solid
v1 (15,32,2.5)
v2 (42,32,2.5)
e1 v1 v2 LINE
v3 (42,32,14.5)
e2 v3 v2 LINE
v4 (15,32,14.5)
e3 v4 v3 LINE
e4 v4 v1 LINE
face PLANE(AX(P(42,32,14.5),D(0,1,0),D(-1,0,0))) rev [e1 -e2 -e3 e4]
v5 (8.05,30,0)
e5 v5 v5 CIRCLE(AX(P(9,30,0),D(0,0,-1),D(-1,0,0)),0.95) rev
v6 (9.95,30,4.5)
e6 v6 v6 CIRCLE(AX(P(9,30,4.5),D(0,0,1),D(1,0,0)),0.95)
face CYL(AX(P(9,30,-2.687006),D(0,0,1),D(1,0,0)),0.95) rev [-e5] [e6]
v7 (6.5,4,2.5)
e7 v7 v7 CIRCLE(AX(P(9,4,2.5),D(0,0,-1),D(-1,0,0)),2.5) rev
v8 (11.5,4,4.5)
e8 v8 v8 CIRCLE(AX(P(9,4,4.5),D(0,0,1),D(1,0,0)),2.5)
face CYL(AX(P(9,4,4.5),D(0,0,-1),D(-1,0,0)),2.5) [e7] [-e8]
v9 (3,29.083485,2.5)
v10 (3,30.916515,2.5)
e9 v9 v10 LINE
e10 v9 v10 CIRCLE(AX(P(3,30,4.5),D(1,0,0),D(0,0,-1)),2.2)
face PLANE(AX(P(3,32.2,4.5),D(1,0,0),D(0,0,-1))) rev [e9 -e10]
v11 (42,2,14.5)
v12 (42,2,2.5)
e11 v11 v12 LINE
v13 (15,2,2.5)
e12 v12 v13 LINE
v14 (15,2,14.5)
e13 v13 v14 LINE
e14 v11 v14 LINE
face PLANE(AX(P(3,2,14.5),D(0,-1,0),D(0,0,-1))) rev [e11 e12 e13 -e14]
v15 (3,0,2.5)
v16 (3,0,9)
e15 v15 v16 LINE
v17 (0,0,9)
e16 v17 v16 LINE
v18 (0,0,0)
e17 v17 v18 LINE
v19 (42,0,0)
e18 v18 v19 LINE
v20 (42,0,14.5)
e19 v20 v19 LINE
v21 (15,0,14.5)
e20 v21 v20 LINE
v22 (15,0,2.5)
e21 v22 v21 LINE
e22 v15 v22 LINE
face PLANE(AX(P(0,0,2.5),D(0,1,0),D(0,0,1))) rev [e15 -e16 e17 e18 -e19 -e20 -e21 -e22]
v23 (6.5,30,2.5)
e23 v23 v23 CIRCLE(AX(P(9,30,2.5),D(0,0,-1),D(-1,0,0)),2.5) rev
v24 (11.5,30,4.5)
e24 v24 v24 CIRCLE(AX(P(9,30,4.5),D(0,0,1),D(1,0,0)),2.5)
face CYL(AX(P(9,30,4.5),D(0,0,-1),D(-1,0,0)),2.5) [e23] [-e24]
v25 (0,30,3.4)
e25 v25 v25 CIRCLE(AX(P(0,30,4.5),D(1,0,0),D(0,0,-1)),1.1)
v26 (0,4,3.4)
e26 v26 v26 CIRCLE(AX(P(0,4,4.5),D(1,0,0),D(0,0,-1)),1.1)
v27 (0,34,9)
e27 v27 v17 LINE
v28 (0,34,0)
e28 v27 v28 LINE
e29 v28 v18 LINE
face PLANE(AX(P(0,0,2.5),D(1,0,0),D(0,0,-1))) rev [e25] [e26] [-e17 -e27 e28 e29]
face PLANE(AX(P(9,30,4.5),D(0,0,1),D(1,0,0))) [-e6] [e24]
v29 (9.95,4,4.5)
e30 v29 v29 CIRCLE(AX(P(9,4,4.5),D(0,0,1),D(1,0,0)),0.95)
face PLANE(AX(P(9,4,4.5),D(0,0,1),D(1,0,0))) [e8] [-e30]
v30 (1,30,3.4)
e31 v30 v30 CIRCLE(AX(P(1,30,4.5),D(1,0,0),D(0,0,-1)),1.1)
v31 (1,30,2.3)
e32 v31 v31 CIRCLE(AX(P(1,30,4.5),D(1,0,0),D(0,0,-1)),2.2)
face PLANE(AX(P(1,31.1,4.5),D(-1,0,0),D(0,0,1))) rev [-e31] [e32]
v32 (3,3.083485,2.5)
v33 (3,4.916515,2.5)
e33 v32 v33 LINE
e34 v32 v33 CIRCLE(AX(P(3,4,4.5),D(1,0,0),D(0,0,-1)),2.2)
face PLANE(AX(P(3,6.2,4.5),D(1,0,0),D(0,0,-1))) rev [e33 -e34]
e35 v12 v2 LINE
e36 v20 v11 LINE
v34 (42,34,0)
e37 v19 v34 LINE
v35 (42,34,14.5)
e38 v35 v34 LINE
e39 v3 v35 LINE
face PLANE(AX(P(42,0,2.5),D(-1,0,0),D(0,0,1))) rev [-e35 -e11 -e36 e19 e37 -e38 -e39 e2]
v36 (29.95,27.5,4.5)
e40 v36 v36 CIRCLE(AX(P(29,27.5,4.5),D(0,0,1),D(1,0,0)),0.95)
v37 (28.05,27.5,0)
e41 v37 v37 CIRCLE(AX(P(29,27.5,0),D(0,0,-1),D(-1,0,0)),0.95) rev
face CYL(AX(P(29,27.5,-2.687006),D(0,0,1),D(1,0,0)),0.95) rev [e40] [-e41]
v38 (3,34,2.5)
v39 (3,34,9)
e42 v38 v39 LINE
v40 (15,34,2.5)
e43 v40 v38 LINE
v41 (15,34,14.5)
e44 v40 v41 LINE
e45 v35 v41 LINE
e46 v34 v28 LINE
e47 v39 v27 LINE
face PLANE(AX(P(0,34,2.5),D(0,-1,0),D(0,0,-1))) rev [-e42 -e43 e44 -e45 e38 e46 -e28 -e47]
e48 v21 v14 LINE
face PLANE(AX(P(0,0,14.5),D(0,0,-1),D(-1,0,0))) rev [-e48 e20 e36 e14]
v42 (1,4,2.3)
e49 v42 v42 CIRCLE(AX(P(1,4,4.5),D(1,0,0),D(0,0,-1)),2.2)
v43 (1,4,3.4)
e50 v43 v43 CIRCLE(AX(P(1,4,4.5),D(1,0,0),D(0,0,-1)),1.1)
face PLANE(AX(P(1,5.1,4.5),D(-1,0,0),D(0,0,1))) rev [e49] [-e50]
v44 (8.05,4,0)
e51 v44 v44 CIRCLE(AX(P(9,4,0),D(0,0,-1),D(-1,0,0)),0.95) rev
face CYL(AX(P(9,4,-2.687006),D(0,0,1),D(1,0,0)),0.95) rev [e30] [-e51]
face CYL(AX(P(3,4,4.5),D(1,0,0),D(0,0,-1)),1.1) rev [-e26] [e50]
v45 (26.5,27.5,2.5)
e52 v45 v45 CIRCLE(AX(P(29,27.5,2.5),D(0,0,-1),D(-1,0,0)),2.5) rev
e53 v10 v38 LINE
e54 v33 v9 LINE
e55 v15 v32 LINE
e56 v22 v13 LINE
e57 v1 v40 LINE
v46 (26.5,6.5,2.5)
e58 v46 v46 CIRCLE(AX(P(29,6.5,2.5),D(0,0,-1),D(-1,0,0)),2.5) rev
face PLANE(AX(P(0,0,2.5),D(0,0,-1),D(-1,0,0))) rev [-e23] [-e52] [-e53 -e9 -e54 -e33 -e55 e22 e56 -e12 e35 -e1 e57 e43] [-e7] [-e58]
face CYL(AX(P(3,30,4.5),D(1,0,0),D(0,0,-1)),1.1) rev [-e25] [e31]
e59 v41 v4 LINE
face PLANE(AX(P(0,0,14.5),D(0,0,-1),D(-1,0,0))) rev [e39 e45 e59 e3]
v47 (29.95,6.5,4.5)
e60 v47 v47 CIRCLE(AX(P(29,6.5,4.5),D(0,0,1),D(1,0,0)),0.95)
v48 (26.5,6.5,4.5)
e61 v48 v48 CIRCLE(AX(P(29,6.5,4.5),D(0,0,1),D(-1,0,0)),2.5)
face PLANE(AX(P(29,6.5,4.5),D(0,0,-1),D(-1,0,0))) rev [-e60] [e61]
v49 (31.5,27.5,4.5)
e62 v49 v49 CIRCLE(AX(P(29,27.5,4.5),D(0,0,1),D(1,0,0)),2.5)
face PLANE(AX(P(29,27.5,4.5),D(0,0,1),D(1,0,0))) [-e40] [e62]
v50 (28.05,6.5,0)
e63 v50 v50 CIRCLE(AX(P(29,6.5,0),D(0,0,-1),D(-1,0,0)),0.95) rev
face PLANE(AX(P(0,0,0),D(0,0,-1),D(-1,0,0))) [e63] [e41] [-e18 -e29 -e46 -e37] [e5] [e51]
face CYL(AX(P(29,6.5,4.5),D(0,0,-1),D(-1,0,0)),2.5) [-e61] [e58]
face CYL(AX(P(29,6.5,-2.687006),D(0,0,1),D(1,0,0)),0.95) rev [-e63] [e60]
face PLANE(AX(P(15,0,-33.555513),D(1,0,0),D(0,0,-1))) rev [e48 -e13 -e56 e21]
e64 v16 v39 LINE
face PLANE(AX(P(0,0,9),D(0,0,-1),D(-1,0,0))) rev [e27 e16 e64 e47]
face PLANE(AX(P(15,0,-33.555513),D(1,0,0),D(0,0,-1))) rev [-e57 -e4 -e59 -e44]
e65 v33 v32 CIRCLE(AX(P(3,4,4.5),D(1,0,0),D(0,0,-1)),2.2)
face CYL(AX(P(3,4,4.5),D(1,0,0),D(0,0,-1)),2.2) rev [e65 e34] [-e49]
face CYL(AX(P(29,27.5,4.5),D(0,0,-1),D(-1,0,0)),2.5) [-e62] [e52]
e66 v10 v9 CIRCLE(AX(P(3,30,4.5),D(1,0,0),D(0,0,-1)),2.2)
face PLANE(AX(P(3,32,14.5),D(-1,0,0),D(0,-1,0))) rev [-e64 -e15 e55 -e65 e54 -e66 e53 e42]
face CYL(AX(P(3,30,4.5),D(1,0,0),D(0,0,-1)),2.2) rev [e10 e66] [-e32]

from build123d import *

# Parameters (mm, degrees)
SKETCH1_W                     = 42
SKETCH1_H                     = 34
BOSS_EXTRUDE1_DEPTH           = 2.5
BOSS_EXTRUDE2_DEPTH           = 12
SKETCH3_W                     = 12
SKETCH3_H                     = 34
CUT_EXTRUDE1_DEPTH            = 12
CBORE_FOR_M2_SHCS1_AT_2_COUNT = 2
CBORE_FOR_M2_SHCS1_AT_2_PITCH = 26
SKETCH8_W                     = 3
SKETCH8_H                     = 34
CUT_EXTRUDE2_DEPTH            = 5.5
SKETCH9_R                     = 2.5
BOSS_EXTRUDE3_DEPTH           = 2
SKETCH10_R                    = 0.95
CUT_EXTRUDE3_DEPTH            = 4.5


with BuildPart() as part:
    # Sketch1 → Boss-Extrude1 (new body)
    with BuildSketch(Plane.XY):
        with Locations((21, 17)):
            Rectangle(SKETCH1_W, SKETCH1_H)
    extrude(amount=BOSS_EXTRUDE1_DEPTH)

    # Sketch2 → Boss-Extrude2 (add)
    with BuildSketch(Plane.XY.offset(2.5)):
        Polygon((0, 34), (42, 34), (42, 32), (3, 32), (3, 2), (42, 2), (42, 0), (0, 0), align=None)
    extrude(amount=BOSS_EXTRUDE2_DEPTH)

    # Sketch3 → Cut-Extrude1 (cut)
    with BuildSketch(Plane.XY.offset(14.5)):
        with Locations((9, 17)):
            Rectangle(SKETCH3_W, SKETCH3_H)
    extrude(amount=-CUT_EXTRUDE1_DEPTH, mode=Mode.SUBTRACT)

    # Sketch5 → CBORE for M2 SHCS1 (revolve, cut)
    with BuildSketch(Plane(origin=(3, 4, 4.5), x_dir=(0, 0, -1), z_dir=(0, 1, 0))):
        Polygon((0, 0), (0, 3), (1.1, 3), (1.1, 2), (2.2, 2), (2.2, 0), align=None)
    cbore_for_m2_shcs1 = revolve(axis=Axis((9.35, 4, 4.5), (-1, 0, 0)), mode=Mode.SUBTRACT)

    # CBORE for M2 SHCS1 at 2: CBORE for M2 SHCS1 ×2
    with Locations(*[(0, i * CBORE_FOR_M2_SHCS1_AT_2_PITCH, 0) for i in range(1, CBORE_FOR_M2_SHCS1_AT_2_COUNT)]):
        add(cbore_for_m2_shcs1, mode=Mode.SUBTRACT)

    # Sketch8 → Cut-Extrude2 (cut)
    with BuildSketch(Plane.XY.offset(14.5)):
        with Locations((1.5, 17)):
            Rectangle(SKETCH8_W, SKETCH8_H)
    extrude(amount=-CUT_EXTRUDE2_DEPTH, mode=Mode.SUBTRACT)

    # Sketch9 → Boss-Extrude3 (add)
    with BuildSketch(Plane.XY.offset(2.5)):
        with Locations(Location((9, 30, 0), (0, 0, 180))):
            Circle(SKETCH9_R)
        with Locations(Location((9, 4, 0), (0, 0, 180))):
            Circle(SKETCH9_R)
        with Locations(Location((29, 27.5, 0), (0, 0, 180))):
            Circle(SKETCH9_R)
        with Locations(Location((29, 6.5, 0), (0, 0, 180))):
            Circle(SKETCH9_R)
    extrude(amount=BOSS_EXTRUDE3_DEPTH)

    # Sketch10 → Cut-Extrude3 (cut)
    with BuildSketch(Plane.XY.offset(4.5)):
        with Locations((9, 30)):
            Circle(SKETCH10_R)
        with Locations((9, 4)):
            Circle(SKETCH10_R)
        with Locations((29, 27.5)):
            Circle(SKETCH10_R)
        with Locations((29, 6.5)):
            Circle(SKETCH10_R)
    extrude(amount=-CUT_EXTRUDE3_DEPTH, mode=Mode.SUBTRACT)


solid = part.part
